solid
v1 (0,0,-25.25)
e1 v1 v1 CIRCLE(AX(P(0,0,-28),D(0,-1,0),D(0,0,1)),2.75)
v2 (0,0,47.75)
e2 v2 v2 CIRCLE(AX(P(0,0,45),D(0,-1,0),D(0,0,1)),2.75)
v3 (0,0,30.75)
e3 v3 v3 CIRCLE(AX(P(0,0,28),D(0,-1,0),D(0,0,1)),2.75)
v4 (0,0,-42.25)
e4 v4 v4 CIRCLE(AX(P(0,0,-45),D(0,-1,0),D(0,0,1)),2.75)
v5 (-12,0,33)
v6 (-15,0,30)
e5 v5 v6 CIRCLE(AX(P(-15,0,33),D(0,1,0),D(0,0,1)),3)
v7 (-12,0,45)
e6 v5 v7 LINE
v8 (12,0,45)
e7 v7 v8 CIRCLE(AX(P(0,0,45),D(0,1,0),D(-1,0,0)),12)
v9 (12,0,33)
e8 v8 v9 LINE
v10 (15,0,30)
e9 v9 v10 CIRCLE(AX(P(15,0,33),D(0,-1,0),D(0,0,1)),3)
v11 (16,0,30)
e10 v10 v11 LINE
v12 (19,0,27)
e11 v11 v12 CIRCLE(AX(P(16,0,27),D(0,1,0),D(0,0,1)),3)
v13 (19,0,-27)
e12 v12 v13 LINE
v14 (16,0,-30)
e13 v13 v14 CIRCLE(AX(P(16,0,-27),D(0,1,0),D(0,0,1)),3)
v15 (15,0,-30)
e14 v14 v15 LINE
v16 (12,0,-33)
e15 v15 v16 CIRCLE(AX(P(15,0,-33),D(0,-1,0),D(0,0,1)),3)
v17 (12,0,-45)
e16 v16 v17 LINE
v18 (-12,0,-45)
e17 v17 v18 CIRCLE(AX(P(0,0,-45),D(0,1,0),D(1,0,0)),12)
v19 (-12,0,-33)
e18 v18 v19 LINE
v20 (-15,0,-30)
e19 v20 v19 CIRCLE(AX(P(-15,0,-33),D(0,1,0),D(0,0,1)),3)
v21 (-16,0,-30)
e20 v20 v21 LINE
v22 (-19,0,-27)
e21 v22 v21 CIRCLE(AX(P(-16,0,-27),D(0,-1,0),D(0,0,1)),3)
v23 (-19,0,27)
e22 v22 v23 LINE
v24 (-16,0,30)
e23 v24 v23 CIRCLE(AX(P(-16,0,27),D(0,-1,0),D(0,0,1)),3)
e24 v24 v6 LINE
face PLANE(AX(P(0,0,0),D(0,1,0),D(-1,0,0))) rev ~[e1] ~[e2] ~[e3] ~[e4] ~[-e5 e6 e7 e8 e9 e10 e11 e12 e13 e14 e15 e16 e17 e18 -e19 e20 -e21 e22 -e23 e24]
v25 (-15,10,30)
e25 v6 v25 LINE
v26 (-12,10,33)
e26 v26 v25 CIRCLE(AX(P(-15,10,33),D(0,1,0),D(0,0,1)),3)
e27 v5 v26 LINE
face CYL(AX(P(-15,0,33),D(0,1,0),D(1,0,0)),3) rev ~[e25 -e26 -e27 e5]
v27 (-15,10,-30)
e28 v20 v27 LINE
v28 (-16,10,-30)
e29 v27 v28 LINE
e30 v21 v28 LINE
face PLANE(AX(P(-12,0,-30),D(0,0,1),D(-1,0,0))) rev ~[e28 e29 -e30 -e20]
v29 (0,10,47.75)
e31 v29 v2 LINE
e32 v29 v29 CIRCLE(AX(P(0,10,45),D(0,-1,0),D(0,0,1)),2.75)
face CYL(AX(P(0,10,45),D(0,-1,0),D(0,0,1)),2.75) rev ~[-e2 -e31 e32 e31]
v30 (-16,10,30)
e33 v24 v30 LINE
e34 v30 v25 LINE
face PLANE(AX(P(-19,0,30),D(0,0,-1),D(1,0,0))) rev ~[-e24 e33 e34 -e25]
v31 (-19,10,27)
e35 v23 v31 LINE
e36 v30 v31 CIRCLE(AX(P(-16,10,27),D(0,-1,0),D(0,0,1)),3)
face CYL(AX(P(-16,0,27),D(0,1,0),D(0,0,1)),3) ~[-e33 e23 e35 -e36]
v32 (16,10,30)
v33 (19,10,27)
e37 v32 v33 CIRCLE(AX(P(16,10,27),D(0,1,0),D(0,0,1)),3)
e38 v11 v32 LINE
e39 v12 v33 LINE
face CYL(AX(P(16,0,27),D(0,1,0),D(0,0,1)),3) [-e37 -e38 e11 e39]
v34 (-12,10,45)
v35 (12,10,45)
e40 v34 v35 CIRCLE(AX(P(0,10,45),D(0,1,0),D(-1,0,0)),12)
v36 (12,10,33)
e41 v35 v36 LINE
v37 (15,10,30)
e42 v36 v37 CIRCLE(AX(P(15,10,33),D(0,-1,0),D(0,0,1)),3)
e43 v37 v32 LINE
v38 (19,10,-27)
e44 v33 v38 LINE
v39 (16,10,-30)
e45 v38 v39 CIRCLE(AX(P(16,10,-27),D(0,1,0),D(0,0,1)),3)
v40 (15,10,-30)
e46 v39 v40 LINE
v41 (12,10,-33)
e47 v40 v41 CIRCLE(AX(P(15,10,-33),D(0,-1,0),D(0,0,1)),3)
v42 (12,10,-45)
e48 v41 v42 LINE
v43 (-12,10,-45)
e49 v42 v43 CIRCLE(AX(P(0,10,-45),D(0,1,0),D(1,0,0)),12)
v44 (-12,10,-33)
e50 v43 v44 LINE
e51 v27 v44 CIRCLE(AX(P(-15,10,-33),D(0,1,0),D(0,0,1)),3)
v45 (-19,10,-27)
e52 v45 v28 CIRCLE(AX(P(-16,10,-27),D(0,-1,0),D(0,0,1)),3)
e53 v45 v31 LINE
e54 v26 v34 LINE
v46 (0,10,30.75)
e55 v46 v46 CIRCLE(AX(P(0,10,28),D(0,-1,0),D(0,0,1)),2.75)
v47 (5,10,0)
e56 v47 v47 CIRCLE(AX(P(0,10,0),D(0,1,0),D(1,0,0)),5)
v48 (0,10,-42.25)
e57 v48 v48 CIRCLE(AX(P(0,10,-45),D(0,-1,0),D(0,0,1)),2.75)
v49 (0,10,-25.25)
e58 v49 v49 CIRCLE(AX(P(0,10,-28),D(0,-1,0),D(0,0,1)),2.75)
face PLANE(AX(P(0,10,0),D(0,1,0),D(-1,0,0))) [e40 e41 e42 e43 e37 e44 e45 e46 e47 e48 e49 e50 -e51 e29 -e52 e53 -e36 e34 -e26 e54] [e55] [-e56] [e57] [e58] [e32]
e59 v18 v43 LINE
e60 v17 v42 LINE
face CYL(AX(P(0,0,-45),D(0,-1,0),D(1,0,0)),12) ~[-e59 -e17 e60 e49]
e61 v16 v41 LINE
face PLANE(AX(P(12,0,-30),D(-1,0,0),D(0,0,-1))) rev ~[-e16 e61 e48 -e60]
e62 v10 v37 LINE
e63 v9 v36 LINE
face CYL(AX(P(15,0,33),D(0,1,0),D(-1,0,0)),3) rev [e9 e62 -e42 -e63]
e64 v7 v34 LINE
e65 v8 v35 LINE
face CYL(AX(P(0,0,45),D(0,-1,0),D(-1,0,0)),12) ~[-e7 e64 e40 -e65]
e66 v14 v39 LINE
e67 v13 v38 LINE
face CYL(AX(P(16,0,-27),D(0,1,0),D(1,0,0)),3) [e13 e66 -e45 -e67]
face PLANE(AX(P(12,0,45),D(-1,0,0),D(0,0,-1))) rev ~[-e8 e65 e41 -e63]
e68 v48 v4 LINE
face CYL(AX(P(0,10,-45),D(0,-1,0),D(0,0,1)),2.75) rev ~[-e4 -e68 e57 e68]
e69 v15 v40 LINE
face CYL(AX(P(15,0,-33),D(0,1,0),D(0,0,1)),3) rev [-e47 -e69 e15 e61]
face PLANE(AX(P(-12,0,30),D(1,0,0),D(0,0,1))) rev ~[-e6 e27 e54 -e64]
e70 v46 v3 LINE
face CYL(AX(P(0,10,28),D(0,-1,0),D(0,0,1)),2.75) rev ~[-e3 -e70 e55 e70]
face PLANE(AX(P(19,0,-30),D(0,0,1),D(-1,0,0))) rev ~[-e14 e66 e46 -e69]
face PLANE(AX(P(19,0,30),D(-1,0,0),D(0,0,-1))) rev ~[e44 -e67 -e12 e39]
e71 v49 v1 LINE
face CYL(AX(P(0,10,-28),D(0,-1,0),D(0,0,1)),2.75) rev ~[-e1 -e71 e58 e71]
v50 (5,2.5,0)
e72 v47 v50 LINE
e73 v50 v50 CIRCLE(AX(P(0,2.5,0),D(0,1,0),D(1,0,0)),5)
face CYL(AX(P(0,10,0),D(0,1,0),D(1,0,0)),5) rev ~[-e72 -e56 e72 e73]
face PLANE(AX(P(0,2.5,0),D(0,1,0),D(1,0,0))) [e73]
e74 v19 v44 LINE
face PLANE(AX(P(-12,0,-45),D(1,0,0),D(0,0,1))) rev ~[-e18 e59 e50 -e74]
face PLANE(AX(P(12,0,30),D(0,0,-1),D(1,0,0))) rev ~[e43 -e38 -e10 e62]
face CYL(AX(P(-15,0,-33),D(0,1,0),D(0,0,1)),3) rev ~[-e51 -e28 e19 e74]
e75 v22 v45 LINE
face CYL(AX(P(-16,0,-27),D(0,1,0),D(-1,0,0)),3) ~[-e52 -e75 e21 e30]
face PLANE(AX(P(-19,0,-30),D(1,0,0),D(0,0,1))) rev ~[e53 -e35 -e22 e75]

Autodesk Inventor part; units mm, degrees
ref_plane "YZ Plane" through (0, 0, 0) normal (1, 0, 0) x (0, 1, 0)
ref_plane "XZ Plane" through (0, 0, 0) normal (0, 1, 0) x (-1, 0, 0)
ref_plane "XY Plane" through (0, 0, 0) normal (0, 0, 1) x (1, 0, 0)
sketch "Sketch1" plane through (0, 0, 0) normal (0, 1, 0) x (-1, 0, 0)
  line L0 (0, 45) -> (0, -45) construction
  line L1 (-12, 45) -> (-12, -45)
  line L2 (12, -45) -> (12, 45)
  arc A0 (12, 45) -> (-12, 45) centre (0, 45) ccw
  arc A1 (-12, -45) -> (12, -45) centre (0, -45) ccw
  line L3 (-19, 30) -> (-19, -30)
  line L4 (-19, -30) -> (19, -30)
  line L5 (19, -30) -> (19, 30)
  line L6 (19, 30) -> (-19, 30)
  line L7 (-19, 30) -> (19, -30) construction
  line L8 (-19, -30) -> (19, 30) construction
  point P0 (0, 0)
  point P1 (-12, 30)
  point P2 (-12, -30)
  point P3 (12, -30)
  point P4 (12, 30)
  dimension "d0" = 60
  dimension "d1" = 90
  dimension "d2" = 12
  dimension "d3" = 38
extrude "Extrusion1" add sketch "Sketch1" along normal blind 10
sketch "Sketch2" plane through (0, 10, 0) normal (0, 1, 0) x (1, 0, 0)
  line L0 (19, -30) -> (19, 30) projected
  line L1 (19, 30) -> (12, 30) projected
  line L2 (12, 30) -> (12, 45) projected
  arc A0 (12, 45) -> (-12, 45) centre (0, 45) ccw projected
  line L3 (-12, 45) -> (-12, 30) projected
  line L4 (-12, 30) -> (-19, 30) projected
  line L5 (-19, 30) -> (-19, -30) projected
  line L6 (-19, -30) -> (-12, -30) projected
  line L7 (-12, -30) -> (-12, -45) projected
  arc A1 (-12, -45) -> (12, -45) centre (0, -45) ccw projected
  line L8 (12, -45) -> (12, -30) projected
  line L9 (12, -30) -> (19, -30) projected
  line L10 (0, -28) -> (0, 28)
  line L11 (0, 0) -> (-19, 0)
  line L12 (-19, 30) -> (-19, -30) projected
  dimension "d6" = 56
hole "Hole1" at (0, 10, 28) at (0, 10, -28) direction (0, -1, 0) diameter 5.5 end through all
fillet "Fillet1" radius 3 8 edges at (19, 5, 30) (19, 5, -30) (12, 5, 30) (-19, 5, 30) (-12, 5, 30) (-19, 5, -30) (-12, 5, -30) (12, 5, -30)
sketch "Sketch3" plane through (0, 10, 0) normal (0, 1, 0) x (1, 0, 0)
  arc A0 (-12, -45) -> (12, -45) centre (0, -45) ccw projected
  arc A1 (12, 45) -> (-12, 45) centre (0, 45) ccw projected
  point P0 (0, 0)
hole "Hole2" at (0, 10, 45) at (0, 10, -45) direction (0, -1, 0) diameter 5.5 end through all
sketch "Sketch4" plane through (0, 10, 0) normal (0, 1, 0) x (1, 0, 0)
  circle A0 centre (0, 0) radius 5
  dimension "d22" = 10
extrude "Extrusion2" cut sketch "Sketch4" against normal blind 7.5
properties part number "11_Mieng_go_dem_lo_xo"
